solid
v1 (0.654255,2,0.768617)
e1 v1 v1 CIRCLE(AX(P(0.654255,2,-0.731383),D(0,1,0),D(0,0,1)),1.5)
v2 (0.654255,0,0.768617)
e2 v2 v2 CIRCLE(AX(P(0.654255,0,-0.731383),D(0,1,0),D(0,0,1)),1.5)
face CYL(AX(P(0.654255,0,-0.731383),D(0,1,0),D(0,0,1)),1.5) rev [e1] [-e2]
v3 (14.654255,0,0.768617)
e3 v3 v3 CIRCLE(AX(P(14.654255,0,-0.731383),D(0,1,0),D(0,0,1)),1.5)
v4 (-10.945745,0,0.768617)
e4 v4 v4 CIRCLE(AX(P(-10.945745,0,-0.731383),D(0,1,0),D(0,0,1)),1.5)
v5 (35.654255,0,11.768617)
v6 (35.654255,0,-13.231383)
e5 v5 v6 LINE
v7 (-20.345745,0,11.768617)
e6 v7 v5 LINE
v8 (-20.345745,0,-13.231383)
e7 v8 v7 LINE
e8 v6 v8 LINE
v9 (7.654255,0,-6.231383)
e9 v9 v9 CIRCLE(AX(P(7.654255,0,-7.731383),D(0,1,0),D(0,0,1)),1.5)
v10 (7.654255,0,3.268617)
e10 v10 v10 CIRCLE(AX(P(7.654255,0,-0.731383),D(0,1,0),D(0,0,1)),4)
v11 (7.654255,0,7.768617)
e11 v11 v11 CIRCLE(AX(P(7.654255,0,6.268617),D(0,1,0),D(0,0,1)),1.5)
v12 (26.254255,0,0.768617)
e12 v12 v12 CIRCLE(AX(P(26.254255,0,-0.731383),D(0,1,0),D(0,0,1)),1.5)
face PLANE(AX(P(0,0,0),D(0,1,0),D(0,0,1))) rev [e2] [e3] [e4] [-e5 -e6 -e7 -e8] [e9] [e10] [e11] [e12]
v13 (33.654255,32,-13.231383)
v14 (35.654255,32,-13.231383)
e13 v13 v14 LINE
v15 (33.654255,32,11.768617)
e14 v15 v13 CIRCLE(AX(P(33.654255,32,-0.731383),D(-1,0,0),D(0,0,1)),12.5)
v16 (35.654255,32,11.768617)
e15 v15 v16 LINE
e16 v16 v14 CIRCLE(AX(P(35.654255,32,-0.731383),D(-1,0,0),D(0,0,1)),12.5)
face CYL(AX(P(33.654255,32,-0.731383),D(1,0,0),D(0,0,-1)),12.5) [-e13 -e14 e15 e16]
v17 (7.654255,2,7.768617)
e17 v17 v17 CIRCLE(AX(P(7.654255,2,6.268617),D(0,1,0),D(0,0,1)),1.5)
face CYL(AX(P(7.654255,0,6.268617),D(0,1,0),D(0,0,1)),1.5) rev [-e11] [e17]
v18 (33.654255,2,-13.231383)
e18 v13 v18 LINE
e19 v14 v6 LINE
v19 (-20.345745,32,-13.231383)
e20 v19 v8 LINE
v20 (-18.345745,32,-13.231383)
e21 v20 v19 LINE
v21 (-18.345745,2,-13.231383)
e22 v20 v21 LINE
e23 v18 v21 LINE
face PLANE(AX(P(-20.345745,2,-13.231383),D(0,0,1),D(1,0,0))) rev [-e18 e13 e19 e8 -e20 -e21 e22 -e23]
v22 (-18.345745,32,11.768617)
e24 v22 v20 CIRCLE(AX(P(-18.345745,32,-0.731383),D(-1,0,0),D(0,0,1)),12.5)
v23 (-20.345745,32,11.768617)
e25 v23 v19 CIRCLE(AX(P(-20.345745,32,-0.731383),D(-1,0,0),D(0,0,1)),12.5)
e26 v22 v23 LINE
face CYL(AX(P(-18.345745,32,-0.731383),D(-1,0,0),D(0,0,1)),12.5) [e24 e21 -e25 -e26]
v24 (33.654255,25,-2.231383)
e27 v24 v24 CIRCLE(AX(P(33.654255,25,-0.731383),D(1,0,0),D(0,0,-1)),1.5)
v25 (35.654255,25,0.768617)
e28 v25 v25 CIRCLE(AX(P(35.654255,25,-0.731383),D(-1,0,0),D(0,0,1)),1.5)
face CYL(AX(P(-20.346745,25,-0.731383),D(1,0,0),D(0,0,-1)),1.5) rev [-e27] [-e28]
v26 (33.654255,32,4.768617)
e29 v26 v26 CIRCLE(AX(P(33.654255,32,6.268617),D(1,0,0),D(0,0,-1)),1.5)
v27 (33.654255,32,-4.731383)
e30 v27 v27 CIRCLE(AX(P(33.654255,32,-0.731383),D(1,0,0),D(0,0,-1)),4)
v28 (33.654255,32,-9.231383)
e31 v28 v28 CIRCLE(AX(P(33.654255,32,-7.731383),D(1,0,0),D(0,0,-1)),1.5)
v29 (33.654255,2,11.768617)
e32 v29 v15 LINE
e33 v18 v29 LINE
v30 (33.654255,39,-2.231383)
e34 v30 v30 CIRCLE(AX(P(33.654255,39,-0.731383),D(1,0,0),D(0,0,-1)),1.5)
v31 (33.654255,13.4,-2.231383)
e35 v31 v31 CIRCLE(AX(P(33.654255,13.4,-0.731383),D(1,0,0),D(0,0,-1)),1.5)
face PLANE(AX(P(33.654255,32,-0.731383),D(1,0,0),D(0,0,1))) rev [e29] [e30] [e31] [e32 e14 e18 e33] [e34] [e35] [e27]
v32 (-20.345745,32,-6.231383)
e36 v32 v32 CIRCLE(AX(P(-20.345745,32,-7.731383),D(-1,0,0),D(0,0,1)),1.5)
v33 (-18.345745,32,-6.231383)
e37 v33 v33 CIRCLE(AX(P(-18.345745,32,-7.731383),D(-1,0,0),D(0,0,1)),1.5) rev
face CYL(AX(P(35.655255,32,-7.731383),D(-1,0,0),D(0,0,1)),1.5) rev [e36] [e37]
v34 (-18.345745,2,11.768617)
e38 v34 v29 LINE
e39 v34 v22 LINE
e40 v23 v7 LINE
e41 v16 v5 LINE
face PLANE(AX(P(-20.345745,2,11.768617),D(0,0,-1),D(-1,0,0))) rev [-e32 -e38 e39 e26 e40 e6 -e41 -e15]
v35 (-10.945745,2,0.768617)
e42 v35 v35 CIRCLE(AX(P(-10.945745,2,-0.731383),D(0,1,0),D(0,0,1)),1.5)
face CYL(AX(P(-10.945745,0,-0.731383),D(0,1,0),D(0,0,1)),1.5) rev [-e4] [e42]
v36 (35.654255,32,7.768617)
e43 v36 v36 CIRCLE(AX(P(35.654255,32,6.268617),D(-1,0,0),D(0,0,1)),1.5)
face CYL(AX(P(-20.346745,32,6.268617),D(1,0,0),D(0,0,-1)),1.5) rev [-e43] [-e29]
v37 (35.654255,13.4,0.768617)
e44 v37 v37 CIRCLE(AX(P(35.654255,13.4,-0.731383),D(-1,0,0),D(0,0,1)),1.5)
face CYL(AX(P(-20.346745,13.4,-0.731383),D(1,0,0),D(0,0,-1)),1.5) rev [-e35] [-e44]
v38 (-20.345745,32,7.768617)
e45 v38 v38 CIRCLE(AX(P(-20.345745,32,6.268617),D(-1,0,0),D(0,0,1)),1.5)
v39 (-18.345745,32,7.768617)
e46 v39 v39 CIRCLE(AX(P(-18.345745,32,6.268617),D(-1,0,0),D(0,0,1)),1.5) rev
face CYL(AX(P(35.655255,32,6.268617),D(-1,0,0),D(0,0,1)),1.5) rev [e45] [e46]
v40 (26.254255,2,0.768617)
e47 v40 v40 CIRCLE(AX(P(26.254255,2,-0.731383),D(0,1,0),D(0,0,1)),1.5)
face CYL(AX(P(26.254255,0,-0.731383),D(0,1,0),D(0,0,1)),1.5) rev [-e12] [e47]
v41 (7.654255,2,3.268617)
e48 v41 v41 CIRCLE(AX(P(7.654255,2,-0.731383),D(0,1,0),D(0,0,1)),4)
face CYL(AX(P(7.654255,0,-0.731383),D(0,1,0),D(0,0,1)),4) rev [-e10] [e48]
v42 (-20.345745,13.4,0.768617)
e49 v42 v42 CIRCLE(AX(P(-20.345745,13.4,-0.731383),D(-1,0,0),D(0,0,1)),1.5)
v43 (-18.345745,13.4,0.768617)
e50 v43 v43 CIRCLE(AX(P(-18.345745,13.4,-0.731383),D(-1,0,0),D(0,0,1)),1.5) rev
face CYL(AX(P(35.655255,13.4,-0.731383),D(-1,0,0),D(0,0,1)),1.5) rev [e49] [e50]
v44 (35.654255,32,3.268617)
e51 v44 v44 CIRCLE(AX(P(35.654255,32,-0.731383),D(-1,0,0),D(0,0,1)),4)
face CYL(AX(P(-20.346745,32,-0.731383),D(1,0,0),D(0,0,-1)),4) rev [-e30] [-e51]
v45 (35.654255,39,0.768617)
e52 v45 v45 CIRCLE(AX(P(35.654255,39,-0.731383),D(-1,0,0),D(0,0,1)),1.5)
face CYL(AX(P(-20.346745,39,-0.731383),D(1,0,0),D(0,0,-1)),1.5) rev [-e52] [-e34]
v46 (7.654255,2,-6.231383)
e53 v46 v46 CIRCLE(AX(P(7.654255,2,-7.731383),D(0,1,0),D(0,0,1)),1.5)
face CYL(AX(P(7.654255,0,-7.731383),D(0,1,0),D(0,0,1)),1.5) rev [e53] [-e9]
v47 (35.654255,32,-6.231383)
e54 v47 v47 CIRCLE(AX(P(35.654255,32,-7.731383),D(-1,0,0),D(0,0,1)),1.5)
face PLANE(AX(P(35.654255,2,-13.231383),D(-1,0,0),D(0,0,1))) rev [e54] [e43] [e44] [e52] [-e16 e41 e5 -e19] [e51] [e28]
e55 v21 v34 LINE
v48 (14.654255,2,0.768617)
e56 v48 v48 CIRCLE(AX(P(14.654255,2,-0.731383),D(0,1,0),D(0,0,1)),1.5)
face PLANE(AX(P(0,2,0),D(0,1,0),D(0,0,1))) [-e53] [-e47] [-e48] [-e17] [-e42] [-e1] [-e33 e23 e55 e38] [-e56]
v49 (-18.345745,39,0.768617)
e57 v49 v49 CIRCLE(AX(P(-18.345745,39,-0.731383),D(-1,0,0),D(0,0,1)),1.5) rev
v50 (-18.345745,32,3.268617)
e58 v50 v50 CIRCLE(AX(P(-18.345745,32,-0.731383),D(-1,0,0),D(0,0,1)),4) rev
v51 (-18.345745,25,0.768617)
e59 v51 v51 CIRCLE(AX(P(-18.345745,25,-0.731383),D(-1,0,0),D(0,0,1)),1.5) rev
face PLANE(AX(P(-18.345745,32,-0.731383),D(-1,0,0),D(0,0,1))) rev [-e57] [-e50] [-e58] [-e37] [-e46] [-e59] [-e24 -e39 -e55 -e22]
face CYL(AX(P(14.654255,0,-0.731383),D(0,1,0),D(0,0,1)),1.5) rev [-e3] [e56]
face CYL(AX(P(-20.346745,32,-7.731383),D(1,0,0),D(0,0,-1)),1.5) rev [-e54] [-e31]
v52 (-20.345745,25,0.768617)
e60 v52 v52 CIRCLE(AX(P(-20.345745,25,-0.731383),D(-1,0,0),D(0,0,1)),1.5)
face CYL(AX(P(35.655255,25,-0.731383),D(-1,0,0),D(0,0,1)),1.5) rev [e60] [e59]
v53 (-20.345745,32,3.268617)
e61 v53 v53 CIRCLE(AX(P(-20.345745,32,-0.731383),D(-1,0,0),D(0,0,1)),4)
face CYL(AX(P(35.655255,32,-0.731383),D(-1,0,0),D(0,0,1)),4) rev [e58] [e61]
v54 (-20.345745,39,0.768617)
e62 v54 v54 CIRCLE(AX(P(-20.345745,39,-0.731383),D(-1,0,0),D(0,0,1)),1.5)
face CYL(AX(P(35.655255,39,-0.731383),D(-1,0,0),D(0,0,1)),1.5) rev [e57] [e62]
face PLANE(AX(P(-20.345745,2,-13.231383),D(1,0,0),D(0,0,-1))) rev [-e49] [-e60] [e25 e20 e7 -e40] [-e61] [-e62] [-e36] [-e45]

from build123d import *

# Parameters (mm, degrees)
SKETCH_1_W          = 56
SKETCH_1_H          = 25
EXTRUDE_1_DEPTH     = 2
SKETCH_2_R          = 4
SKETCH_2_R_2        = 1.5
CUT_EXTRUDE_1_DEPTH = 39.082744359
EXTRUDE_2_DEPTH     = 2
CUT_EXTRUDE_2_REACH = 74.741
SKETCH_4_R          = 4
SKETCH_4_R_2        = 1.5


with BuildPart() as part:
    # 草图1 → 凸台-拉伸1 (new body)
    with BuildSketch(Plane(origin=(0, 0, 0), x_dir=(1, 0, 0), z_dir=(0, 1, 0))):
        with Locations((7.654255319, 0.731382979)):
            Rectangle(SKETCH_1_W, SKETCH_1_H)
    extrude(amount=EXTRUDE_1_DEPTH)

    # 草图2 → 切除-拉伸1 (cut, through all)
    with BuildSketch(Plane(origin=(0, 2, 0), x_dir=(1, 0, 0), z_dir=(0, 1, 0))):
        with Locations(Location((7.654255319, 0.731382979, 0), (0, 0, 270))):
            Circle(SKETCH_2_R)
        with Locations(Location((7.654255319, 7.731382979, 0), (0, 0, 270))):
            Circle(SKETCH_2_R_2)
        with Locations(Location((14.654255319, 0.731382979, 0), (0, 0, 270))):
            Circle(SKETCH_2_R_2)
        with Locations(Location((7.654255319, -6.268617021, 0), (0, 0, 270))):
            Circle(SKETCH_2_R_2)
        with Locations(Location((0.654255319, 0.731382979, 0), (0, 0, 270))):
            Circle(SKETCH_2_R_2)
        with Locations(Location((-10.945744681, 0.731382979, 0), (0, 0, 270))):
            Circle(SKETCH_2_R_2)
        with Locations(Location((26.254255319, 0.731382979, 0), (0, 0, 270))):
            Circle(SKETCH_2_R_2)
    extrude(amount=-CUT_EXTRUDE_1_DEPTH, mode=Mode.SUBTRACT)

    # 草图3 → 凸台-拉伸2 (add)
    with BuildSketch(Plane.ZY.offset(20.345744681)):
        with BuildLine():
            Line((-13.231382979, 2), (11.768617021, 2))
            Line((11.768617021, 2), (11.768617021, 32))
            ThreePointArc((11.768617021, 32), (-0.731382979, 44.5), (-13.231382979, 32))
            Line((-13.231382979, 32), (-13.231382979, 2))
        make_face()
    extrude_2 = extrude(amount=-EXTRUDE_2_DEPTH)

    # 草图4 → 切除-拉伸2 (cut, up to next)
    with BuildSketch(Plane.ZY.offset(20.345744681), mode=Mode.PRIVATE) as cut_extrude_2_sk1:
        with Locations((-0.731382979, 32)):
            Circle(SKETCH_4_R)
    cut_extrude_2_tool1 = extrude(cut_extrude_2_sk1.sketch, amount=-CUT_EXTRUDE_2_REACH, mode=Mode.PRIVATE) & part.part
    # 草图4 → 切除-拉伸2 (cut, up to next)
    with BuildSketch(Plane.ZY.offset(20.345744681), mode=Mode.PRIVATE) as cut_extrude_2_sk2:
        with Locations((-0.731382979, 39)):
            Circle(SKETCH_4_R_2)
    cut_extrude_2_tool2 = extrude(cut_extrude_2_sk2.sketch, amount=-CUT_EXTRUDE_2_REACH, mode=Mode.PRIVATE) & part.part
    # 草图4 → 切除-拉伸2 (cut, up to next)
    with BuildSketch(Plane.ZY.offset(20.345744681), mode=Mode.PRIVATE) as cut_extrude_2_sk3:
        with Locations((6.268617021, 32)):
            Circle(SKETCH_4_R_2)
    cut_extrude_2_tool3 = extrude(cut_extrude_2_sk3.sketch, amount=-CUT_EXTRUDE_2_REACH, mode=Mode.PRIVATE) & part.part
    # 草图4 → 切除-拉伸2 (cut, up to next)
    with BuildSketch(Plane.ZY.offset(20.345744681), mode=Mode.PRIVATE) as cut_extrude_2_sk4:
        with Locations((-0.731382979, 25)):
            Circle(SKETCH_4_R_2)
    cut_extrude_2_tool4 = extrude(cut_extrude_2_sk4.sketch, amount=-CUT_EXTRUDE_2_REACH, mode=Mode.PRIVATE) & part.part
    # 草图4 → 切除-拉伸2 (cut, up to next)
    with BuildSketch(Plane.ZY.offset(20.345744681), mode=Mode.PRIVATE) as cut_extrude_2_sk5:
        with Locations((-7.731382979, 32)):
            Circle(SKETCH_4_R_2)
    cut_extrude_2_tool5 = extrude(cut_extrude_2_sk5.sketch, amount=-CUT_EXTRUDE_2_REACH, mode=Mode.PRIVATE) & part.part
    # 草图4 → 切除-拉伸2 (cut, up to next)
    with BuildSketch(Plane.ZY.offset(20.345744681), mode=Mode.PRIVATE) as cut_extrude_2_sk6:
        with Locations((-0.731382979, 13.4)):
            Circle(SKETCH_4_R_2)
    cut_extrude_2_tool6 = extrude(cut_extrude_2_sk6.sketch, amount=-CUT_EXTRUDE_2_REACH, mode=Mode.PRIVATE) & part.part
    cut_extrude_2_1 = cut_extrude_2_tool1.solids().sort_by_distance((-20.345745, 32, -0.731383))[0]
    add(cut_extrude_2_1, mode=Mode.SUBTRACT)
    cut_extrude_2_2 = cut_extrude_2_tool2.solids().sort_by_distance((-20.345745, 39, -0.731383))[0]
    add(cut_extrude_2_2, mode=Mode.SUBTRACT)
    cut_extrude_2_3 = cut_extrude_2_tool3.solids().sort_by_distance((-20.345745, 32, 6.268617))[0]
    add(cut_extrude_2_3, mode=Mode.SUBTRACT)
    cut_extrude_2_4 = cut_extrude_2_tool4.solids().sort_by_distance((-20.345745, 25, -0.731383))[0]
    add(cut_extrude_2_4, mode=Mode.SUBTRACT)
    cut_extrude_2_5 = cut_extrude_2_tool5.solids().sort_by_distance((-20.345745, 32, -7.731383))[0]
    add(cut_extrude_2_5, mode=Mode.SUBTRACT)
    cut_extrude_2_6 = cut_extrude_2_tool6.solids().sort_by_distance((-20.345745, 13.4, -0.731383))[0]
    add(cut_extrude_2_6, mode=Mode.SUBTRACT)
    cut_extrude_2 = cut_extrude_2_1 + cut_extrude_2_2 + cut_extrude_2_3 + cut_extrude_2_4 + cut_extrude_2_5 + cut_extrude_2_6  # 切除-拉伸2 as one shape, for the pattern or mirror that repeats it

    # 镜向1: 凸台-拉伸2, 切除-拉伸2 across plane
    add(extrude_2.mirror(Plane.ZY.offset(-7.654255319)))
    add(cut_extrude_2.mirror(Plane.ZY.offset(-7.654255319)), mode=Mode.SUBTRACT)


solid = part.part
